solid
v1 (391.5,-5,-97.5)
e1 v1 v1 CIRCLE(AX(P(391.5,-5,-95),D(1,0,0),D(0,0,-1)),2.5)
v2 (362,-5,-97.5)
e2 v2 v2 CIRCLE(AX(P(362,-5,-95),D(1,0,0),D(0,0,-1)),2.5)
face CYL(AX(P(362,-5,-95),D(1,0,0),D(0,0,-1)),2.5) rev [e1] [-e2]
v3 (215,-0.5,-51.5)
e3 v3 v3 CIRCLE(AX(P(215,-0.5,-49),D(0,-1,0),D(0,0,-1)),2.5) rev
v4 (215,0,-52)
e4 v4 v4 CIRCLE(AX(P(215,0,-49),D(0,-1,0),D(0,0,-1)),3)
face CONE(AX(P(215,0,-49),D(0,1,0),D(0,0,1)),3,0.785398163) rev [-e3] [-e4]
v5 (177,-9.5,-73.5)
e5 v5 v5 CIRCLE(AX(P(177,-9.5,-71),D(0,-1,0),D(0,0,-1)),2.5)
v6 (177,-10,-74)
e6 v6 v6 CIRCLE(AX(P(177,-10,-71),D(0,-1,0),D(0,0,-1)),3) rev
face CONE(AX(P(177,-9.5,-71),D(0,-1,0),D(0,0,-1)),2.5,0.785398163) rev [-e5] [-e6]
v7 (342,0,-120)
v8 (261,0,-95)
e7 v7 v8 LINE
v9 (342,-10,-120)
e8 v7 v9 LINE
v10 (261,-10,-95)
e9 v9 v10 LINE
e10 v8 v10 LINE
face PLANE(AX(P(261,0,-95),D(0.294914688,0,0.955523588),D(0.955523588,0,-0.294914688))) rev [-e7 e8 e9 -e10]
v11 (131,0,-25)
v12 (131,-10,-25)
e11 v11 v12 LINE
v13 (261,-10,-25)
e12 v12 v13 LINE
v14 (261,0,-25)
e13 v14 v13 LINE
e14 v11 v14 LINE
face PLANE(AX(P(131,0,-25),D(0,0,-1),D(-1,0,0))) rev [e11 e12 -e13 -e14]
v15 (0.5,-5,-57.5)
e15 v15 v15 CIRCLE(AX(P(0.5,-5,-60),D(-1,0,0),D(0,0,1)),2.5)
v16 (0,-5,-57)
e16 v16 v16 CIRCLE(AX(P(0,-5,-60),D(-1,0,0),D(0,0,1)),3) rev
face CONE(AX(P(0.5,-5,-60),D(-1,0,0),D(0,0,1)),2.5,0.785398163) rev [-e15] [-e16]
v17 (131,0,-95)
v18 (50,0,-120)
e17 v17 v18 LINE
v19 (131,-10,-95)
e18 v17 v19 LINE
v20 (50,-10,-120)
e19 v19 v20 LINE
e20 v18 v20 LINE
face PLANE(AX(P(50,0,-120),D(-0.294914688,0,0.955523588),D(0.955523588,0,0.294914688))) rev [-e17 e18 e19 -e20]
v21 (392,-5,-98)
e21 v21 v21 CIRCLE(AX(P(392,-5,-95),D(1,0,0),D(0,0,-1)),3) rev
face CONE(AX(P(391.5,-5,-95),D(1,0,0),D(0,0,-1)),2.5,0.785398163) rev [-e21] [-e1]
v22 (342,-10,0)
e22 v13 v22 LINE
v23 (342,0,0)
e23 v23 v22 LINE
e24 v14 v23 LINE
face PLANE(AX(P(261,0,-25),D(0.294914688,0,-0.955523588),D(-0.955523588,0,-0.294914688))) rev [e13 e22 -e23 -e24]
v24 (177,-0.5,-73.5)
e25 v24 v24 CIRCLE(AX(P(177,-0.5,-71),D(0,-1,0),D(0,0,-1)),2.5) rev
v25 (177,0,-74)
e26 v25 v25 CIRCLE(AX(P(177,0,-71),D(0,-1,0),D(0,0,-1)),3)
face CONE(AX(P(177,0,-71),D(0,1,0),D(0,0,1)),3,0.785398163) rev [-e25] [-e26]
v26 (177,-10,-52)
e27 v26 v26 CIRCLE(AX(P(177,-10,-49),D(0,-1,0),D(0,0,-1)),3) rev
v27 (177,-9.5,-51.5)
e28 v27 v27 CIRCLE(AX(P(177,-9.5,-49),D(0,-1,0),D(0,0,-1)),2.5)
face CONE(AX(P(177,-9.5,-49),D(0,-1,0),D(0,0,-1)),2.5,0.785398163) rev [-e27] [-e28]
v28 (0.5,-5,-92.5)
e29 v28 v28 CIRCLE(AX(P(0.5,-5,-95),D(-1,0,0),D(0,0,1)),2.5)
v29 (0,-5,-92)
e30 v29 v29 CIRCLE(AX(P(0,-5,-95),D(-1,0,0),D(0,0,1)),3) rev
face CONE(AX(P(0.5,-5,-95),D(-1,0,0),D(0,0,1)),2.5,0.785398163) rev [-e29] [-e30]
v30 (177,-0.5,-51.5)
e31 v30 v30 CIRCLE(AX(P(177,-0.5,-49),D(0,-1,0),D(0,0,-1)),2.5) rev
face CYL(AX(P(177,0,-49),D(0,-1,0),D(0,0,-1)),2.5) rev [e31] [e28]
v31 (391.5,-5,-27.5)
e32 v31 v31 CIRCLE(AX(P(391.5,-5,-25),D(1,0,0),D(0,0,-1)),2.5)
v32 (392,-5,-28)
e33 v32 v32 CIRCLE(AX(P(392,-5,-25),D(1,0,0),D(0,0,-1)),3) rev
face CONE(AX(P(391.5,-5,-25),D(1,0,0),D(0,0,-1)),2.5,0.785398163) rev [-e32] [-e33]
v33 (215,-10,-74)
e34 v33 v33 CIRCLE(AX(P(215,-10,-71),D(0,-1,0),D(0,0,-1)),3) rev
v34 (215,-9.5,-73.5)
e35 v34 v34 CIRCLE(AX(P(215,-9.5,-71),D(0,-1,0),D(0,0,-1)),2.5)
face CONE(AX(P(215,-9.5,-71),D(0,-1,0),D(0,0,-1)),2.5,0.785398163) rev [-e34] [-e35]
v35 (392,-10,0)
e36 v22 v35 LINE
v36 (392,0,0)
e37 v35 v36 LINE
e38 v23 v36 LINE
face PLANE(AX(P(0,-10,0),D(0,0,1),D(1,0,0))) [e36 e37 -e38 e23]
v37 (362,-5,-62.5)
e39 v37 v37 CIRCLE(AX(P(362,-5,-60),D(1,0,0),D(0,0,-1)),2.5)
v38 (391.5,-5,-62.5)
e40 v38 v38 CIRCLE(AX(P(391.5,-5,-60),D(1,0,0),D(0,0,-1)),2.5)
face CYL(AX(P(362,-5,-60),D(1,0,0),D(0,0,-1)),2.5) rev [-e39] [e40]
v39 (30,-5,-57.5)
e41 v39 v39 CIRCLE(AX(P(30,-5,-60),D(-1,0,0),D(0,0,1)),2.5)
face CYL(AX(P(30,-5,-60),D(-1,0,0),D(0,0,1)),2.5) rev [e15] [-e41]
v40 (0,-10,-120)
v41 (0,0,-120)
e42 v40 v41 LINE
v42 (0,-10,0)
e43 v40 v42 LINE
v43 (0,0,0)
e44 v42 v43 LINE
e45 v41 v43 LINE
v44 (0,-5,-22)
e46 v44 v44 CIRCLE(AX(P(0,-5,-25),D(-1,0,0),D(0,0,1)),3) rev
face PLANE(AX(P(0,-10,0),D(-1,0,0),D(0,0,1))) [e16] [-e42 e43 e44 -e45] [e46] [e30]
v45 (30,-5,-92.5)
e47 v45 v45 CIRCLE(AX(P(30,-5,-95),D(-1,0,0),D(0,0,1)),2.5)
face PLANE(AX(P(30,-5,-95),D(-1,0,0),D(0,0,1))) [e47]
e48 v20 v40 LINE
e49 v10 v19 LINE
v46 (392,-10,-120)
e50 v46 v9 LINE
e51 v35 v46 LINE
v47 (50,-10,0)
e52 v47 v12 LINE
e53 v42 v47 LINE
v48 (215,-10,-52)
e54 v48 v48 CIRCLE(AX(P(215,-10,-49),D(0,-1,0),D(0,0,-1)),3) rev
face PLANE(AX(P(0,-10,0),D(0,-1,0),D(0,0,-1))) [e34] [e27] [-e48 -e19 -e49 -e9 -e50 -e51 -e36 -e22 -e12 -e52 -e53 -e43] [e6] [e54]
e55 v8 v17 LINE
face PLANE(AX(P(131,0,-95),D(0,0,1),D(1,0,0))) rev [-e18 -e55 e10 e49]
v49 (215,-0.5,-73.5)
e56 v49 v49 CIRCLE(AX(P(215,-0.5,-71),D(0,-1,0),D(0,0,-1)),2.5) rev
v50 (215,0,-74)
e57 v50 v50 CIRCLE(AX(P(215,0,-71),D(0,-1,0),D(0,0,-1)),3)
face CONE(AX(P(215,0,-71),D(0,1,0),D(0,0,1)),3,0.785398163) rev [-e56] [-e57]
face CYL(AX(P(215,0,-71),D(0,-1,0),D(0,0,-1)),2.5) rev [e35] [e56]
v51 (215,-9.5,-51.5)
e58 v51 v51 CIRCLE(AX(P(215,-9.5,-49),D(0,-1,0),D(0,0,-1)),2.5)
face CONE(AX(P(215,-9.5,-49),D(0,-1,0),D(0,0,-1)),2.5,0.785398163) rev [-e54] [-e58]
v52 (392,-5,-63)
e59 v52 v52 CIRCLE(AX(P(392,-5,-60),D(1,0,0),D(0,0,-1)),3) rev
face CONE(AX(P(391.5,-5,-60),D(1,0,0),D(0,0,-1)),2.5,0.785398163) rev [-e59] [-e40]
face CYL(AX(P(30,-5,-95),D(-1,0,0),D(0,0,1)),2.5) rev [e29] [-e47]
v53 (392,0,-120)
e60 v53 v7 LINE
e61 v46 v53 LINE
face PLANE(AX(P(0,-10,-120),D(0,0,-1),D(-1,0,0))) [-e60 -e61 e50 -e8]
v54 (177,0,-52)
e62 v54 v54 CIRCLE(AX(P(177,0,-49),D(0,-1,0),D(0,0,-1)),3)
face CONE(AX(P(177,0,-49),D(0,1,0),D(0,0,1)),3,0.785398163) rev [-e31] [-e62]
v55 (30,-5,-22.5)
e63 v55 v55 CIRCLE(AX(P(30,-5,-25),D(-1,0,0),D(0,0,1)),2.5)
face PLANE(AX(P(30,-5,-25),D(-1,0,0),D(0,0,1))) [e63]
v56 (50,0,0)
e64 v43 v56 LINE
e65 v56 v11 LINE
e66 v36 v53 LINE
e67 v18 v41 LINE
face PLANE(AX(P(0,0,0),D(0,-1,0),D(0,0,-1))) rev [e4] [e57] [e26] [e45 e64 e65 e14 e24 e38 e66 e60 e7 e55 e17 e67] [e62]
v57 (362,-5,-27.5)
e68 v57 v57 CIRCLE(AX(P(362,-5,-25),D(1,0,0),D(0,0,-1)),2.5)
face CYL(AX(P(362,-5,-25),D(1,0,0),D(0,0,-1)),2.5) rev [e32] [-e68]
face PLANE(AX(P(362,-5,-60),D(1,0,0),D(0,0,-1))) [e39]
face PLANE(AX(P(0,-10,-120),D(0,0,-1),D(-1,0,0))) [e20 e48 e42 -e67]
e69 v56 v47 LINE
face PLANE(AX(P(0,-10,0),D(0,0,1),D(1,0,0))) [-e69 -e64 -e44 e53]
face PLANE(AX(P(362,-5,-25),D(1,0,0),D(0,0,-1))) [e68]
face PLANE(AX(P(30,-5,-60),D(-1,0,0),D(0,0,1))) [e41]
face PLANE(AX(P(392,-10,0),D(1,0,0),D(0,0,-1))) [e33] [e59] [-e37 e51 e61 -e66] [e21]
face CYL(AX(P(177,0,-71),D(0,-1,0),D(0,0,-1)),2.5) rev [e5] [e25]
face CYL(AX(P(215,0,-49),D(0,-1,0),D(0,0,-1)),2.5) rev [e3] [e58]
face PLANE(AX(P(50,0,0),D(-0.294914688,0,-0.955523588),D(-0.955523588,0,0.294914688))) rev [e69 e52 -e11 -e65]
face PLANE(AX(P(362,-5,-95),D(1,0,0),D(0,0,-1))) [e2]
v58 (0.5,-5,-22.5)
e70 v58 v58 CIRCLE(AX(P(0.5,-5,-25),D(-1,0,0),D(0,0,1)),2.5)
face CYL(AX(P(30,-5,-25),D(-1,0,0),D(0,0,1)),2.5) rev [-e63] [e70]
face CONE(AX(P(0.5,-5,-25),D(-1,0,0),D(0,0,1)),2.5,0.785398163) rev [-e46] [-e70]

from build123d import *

# Parameters (mm, degrees)
CROQUIS1_W              = 392
CROQUIS1_H              = 120
SALIENTE_EXTRUIR1_DEPTH = 10
CROQUIS2_R              = 2.5
CORTAR_EXTRUIR1_DEPTH   = 411.078041353
CHAFL_N1_SIZE           = 0.5
CROQUIS3_R              = 2.5
CORTAR_EXTRUIR2_DEPTH   = 30
CORTAR_EXTRUIR3_START   = -30
CROQUIS4_R              = 2.5
CORTAR_EXTRUIR3_DEPTH   = 30
CHAFL_N2_SIZE           = 0.5
CORTAR_EXTRUIR4_DEPTH   = 411.078041353


with BuildPart() as part:
    # Croquis1 → Saliente-Extruir1 (new body)
    with BuildSketch(Plane(origin=(0, 0, 0), x_dir=(1, 0, 0), z_dir=(0, 1, 0))):
        with Locations((196, 60)):
            Rectangle(CROQUIS1_W, CROQUIS1_H)
    extrude(amount=-SALIENTE_EXTRUIR1_DEPTH)

    # Croquis2 → Cortar-Extruir1 (cut, through all)
    with BuildSketch(Plane.XZ.offset(10)):
        with Locations(Location((177, -49, 0), (0, 0, 270))):
            Circle(CROQUIS2_R)
        with Locations(Location((177, -71, 0), (0, 0, 270))):
            Circle(CROQUIS2_R)
        with Locations(Location((215, -49, 0), (0, 0, 270))):
            Circle(CROQUIS2_R)
        with Locations(Location((215, -71, 0), (0, 0, 270))):
            Circle(CROQUIS2_R)
    extrude(amount=-CORTAR_EXTRUIR1_DEPTH, mode=Mode.SUBTRACT)

    # Chaflán1
    chafl_n1_edges = [part.edges().sort_by_distance(p)[0] for p in [
        (177, 0, -46.5),
        (177, -10, -46.5),
        (177, 0, -68.5),
        (177, -10, -68.5),
        (215, 0, -46.5),
        (215, -10, -46.5),
        (215, 0, -68.5),
        (215, -10, -68.5),
    ]]
    chamfer(chafl_n1_edges, length=CHAFL_N1_SIZE)

    # Croquis3 → Cortar-Extruir2 (cut)
    with BuildSketch(Plane(origin=(392, 0, 0), x_dir=(0, 0, -1), z_dir=(1, 0, 0))):
        with Locations((25, -5)):
            Circle(CROQUIS3_R)
        with Locations((60, -5)):
            Circle(CROQUIS3_R)
        with Locations((95, -5)):
            Circle(CROQUIS3_R)
    extrude(amount=-CORTAR_EXTRUIR2_DEPTH, mode=Mode.SUBTRACT)

    # Croquis4 → Cortar-Extruir3 (cut)
    with BuildSketch(Plane.ZY.offset(CORTAR_EXTRUIR3_START)):
        with Locations(Location((-25, -5, 0), (0, 0, 180))):
            Circle(CROQUIS4_R)
        with Locations(Location((-60, -5, 0), (0, 0, 180))):
            Circle(CROQUIS4_R)
        with Locations(Location((-95, -5, 0), (0, 0, 180))):
            Circle(CROQUIS4_R)
    extrude(amount=CORTAR_EXTRUIR3_DEPTH, mode=Mode.SUBTRACT)

    # Chaflán2
    chafl_n2_edges = [part.edges().sort_by_distance(p)[0] for p in [
        (392, -5, -22.5),
        (392, -5, -57.5),
        (392, -5, -92.5),
        (0, -5, -22.5),
        (0, -5, -57.5),
        (0, -5, -92.5),
    ]]
    chamfer(chafl_n2_edges, length=CHAFL_N2_SIZE)

    # Croquis5 → Cortar-Extruir4 (cut, through all)
    with BuildSketch(Plane.XZ.offset(10)):
        Polygon((50, 0), (131, -25), (261, -25), (342, 0), align=None)
        Polygon((261, -95), (342, -120), (50, -120), (131, -95), align=None)
    extrude(amount=-CORTAR_EXTRUIR4_DEPTH, mode=Mode.SUBTRACT)


solid = part.part
